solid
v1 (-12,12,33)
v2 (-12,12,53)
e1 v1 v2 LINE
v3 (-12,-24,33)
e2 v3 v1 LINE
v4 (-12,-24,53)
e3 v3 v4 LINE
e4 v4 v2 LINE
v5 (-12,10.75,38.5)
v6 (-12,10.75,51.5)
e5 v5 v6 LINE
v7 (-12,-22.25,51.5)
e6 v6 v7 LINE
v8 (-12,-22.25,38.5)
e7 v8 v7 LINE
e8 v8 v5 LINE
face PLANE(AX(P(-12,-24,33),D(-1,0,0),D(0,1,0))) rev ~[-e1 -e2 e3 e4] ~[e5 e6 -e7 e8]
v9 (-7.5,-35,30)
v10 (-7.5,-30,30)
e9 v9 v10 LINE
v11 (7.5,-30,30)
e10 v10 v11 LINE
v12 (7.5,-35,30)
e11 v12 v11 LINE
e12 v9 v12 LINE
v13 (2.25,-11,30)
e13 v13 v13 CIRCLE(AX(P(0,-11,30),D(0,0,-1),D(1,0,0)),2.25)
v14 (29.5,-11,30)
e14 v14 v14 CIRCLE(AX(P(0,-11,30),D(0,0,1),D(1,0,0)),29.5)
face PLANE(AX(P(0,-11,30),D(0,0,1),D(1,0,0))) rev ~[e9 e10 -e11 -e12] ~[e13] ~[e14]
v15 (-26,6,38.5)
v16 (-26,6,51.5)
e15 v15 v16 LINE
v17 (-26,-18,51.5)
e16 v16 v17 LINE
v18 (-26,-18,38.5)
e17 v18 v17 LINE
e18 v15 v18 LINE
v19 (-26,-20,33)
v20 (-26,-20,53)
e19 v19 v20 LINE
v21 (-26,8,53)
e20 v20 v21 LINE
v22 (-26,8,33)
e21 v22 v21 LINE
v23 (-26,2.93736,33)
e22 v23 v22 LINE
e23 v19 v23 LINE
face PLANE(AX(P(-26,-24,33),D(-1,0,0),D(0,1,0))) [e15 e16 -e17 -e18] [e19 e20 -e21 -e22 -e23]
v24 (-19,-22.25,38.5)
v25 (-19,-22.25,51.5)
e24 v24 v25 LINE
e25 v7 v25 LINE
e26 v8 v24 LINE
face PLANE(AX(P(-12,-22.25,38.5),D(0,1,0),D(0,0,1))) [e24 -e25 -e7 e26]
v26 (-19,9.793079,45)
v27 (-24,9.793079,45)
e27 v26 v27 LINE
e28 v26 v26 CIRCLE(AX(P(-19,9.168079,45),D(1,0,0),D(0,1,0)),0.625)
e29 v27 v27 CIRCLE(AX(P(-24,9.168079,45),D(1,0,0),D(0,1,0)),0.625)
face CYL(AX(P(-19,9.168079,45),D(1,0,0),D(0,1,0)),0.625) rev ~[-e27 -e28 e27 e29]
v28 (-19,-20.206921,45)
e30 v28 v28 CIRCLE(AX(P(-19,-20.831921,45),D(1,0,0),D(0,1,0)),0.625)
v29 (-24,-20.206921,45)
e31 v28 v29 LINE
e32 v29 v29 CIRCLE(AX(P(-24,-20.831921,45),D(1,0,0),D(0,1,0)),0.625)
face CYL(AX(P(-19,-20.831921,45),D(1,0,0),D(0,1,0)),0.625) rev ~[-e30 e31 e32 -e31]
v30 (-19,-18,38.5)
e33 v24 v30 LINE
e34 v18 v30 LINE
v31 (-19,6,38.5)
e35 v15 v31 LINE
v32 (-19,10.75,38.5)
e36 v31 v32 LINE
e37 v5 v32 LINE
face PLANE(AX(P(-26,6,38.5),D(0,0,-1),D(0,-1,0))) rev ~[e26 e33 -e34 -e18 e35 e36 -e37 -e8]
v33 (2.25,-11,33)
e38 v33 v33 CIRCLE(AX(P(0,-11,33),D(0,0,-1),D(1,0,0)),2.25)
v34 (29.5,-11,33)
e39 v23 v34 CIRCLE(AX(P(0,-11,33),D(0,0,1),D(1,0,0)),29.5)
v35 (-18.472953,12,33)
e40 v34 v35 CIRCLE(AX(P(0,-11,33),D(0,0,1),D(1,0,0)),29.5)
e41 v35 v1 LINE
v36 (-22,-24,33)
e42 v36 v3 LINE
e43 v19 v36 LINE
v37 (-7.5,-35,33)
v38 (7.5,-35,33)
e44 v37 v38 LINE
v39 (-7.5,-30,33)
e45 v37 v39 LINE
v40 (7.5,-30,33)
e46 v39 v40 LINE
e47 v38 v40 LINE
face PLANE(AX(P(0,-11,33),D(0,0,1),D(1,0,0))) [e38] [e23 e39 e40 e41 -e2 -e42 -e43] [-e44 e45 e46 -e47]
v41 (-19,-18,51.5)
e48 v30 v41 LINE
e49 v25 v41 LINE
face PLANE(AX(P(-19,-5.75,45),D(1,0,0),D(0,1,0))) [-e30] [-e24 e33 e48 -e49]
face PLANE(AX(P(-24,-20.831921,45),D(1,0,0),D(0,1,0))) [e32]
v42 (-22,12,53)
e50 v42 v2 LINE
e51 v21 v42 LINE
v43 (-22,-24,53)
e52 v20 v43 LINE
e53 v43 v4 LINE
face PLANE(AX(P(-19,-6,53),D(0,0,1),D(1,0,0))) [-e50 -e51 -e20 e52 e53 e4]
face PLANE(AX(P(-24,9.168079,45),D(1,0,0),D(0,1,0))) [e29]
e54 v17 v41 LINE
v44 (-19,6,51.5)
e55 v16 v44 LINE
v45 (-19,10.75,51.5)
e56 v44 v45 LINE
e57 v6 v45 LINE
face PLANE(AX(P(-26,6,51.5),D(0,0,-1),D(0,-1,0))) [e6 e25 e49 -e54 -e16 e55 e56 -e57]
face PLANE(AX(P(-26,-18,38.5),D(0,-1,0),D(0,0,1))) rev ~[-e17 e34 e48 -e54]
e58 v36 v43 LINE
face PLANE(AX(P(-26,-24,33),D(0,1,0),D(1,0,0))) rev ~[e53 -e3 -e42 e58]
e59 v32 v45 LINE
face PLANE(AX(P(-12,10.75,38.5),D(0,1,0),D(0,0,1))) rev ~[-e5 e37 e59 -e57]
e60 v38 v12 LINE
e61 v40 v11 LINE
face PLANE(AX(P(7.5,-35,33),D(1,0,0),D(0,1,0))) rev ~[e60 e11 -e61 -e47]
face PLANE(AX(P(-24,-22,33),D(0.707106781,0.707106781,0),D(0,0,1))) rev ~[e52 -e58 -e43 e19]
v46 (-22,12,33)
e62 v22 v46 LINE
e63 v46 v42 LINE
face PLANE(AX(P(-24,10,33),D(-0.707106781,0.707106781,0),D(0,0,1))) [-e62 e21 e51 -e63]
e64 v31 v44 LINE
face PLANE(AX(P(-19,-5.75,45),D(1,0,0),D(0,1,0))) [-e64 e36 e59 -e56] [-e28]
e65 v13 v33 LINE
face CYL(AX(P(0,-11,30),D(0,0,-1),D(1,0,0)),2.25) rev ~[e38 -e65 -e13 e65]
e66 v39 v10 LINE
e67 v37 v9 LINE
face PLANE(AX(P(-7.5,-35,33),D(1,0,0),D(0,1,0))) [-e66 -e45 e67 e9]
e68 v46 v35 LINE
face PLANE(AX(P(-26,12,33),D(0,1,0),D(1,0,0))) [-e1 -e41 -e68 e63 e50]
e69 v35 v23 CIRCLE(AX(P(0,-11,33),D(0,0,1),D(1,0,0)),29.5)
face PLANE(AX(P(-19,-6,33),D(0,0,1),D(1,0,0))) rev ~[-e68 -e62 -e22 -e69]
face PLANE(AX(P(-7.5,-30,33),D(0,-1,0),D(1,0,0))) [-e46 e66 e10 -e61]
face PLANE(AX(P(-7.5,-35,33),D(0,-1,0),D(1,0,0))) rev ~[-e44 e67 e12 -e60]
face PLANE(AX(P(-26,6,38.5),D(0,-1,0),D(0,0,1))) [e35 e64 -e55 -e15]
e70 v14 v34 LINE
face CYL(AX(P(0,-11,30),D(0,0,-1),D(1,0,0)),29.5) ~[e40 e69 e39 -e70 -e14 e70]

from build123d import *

# Parameters (mm, degrees)
SKETCH046_R     = 29.5
PAD016_DEPTH    = 3
SKETCH047_R     = 2.25
POCKET027_DEPTH = 3
SKETCH048_W     = 15
SKETCH048_H     = 5
POCKET028_DEPTH = 5
SKETCH050_W     = 14
SKETCH050_H     = 36
PAD017_DEPTH    = 20
SKETCH051_W     = 24
SKETCH051_H     = 13
POCKET030_DEPTH = 14
SKETCH052_W     = 33
SKETCH052_H     = 13
POCKET031_DEPTH = 7
SKETCH053_R     = 0.625
POCKET032_DEPTH = 5
CHAMFER001_SIZE = 4


with BuildPart() as part:
    # Sketch046 → Pad016 (new body)
    with BuildSketch(Plane.XY):
        with Locations((0, -11)):
            Circle(SKETCH046_R)
    extrude(amount=PAD016_DEPTH)

    # Sketch047 (on Face2 of Pad016) → Pocket027 (cut)
    with BuildSketch(Plane(origin=(0, 0, 0), x_dir=(1, 0, 0), z_dir=(0, 0, -1))):
        with Locations((0, 11)):
            Circle(SKETCH047_R)
    extrude(amount=-POCKET027_DEPTH, mode=Mode.SUBTRACT)

    # Sketch048 (on Face3 of Pocket027) → Pocket028 (cut)
    with BuildSketch(Plane.XY.offset(3)):
        with Locations((0, -32.5)):
            Rectangle(SKETCH048_W, SKETCH048_H)
    extrude(amount=-POCKET028_DEPTH, mode=Mode.SUBTRACT)

    # Sketch050 (on Face3 of Pocket028) → Pad017 (join)
    with BuildSketch(Plane.XY.offset(3)):
        with Locations((-19, -6)):
            Rectangle(SKETCH050_W, SKETCH050_H)
    extrude(amount=PAD017_DEPTH)

    # Sketch051 (on Face10 of Pad017) → Pocket030 (cut)
    with BuildSketch(Plane(origin=(-26, 0, 0), x_dir=(0, -1, 0), z_dir=(-1, 0, 0))):
        with Locations((6, 15)):
            Rectangle(SKETCH051_W, SKETCH051_H)
    extrude(amount=-POCKET030_DEPTH, mode=Mode.SUBTRACT)

    # Sketch052 (on Face12 of Pocket030) → Pocket031 (cut)
    with BuildSketch(Plane.YZ.offset(-12)):
        with Locations((-5.75, 15)):
            Rectangle(SKETCH052_W, SKETCH052_H)
    extrude(amount=-POCKET031_DEPTH, mode=Mode.SUBTRACT)

    # Sketch053 (on Face27 of Pocket031) → Pocket032 (cut)
    with BuildSketch(Plane.YZ.offset(-19)):
        with Locations((-20.831921, 15)):
            Circle(SKETCH053_R)
        with Locations((9.168079, 15)):
            Circle(SKETCH053_R)
    extrude(amount=-POCKET032_DEPTH, mode=Mode.SUBTRACT)

    # Chamfer001
    chamfer001_edges = [part.edges().sort_by_distance(p)[0] for p in [
        (-26, 12, 13),
        (-26, -24, 13),
    ]]
    chamfer(chamfer001_edges, length=CHAMFER001_SIZE)


with BuildPart() as part_1:
    # Body003 placement: moved
    add(part.part.moved(Location((0, 0, 30))))


solid = part_1.part
